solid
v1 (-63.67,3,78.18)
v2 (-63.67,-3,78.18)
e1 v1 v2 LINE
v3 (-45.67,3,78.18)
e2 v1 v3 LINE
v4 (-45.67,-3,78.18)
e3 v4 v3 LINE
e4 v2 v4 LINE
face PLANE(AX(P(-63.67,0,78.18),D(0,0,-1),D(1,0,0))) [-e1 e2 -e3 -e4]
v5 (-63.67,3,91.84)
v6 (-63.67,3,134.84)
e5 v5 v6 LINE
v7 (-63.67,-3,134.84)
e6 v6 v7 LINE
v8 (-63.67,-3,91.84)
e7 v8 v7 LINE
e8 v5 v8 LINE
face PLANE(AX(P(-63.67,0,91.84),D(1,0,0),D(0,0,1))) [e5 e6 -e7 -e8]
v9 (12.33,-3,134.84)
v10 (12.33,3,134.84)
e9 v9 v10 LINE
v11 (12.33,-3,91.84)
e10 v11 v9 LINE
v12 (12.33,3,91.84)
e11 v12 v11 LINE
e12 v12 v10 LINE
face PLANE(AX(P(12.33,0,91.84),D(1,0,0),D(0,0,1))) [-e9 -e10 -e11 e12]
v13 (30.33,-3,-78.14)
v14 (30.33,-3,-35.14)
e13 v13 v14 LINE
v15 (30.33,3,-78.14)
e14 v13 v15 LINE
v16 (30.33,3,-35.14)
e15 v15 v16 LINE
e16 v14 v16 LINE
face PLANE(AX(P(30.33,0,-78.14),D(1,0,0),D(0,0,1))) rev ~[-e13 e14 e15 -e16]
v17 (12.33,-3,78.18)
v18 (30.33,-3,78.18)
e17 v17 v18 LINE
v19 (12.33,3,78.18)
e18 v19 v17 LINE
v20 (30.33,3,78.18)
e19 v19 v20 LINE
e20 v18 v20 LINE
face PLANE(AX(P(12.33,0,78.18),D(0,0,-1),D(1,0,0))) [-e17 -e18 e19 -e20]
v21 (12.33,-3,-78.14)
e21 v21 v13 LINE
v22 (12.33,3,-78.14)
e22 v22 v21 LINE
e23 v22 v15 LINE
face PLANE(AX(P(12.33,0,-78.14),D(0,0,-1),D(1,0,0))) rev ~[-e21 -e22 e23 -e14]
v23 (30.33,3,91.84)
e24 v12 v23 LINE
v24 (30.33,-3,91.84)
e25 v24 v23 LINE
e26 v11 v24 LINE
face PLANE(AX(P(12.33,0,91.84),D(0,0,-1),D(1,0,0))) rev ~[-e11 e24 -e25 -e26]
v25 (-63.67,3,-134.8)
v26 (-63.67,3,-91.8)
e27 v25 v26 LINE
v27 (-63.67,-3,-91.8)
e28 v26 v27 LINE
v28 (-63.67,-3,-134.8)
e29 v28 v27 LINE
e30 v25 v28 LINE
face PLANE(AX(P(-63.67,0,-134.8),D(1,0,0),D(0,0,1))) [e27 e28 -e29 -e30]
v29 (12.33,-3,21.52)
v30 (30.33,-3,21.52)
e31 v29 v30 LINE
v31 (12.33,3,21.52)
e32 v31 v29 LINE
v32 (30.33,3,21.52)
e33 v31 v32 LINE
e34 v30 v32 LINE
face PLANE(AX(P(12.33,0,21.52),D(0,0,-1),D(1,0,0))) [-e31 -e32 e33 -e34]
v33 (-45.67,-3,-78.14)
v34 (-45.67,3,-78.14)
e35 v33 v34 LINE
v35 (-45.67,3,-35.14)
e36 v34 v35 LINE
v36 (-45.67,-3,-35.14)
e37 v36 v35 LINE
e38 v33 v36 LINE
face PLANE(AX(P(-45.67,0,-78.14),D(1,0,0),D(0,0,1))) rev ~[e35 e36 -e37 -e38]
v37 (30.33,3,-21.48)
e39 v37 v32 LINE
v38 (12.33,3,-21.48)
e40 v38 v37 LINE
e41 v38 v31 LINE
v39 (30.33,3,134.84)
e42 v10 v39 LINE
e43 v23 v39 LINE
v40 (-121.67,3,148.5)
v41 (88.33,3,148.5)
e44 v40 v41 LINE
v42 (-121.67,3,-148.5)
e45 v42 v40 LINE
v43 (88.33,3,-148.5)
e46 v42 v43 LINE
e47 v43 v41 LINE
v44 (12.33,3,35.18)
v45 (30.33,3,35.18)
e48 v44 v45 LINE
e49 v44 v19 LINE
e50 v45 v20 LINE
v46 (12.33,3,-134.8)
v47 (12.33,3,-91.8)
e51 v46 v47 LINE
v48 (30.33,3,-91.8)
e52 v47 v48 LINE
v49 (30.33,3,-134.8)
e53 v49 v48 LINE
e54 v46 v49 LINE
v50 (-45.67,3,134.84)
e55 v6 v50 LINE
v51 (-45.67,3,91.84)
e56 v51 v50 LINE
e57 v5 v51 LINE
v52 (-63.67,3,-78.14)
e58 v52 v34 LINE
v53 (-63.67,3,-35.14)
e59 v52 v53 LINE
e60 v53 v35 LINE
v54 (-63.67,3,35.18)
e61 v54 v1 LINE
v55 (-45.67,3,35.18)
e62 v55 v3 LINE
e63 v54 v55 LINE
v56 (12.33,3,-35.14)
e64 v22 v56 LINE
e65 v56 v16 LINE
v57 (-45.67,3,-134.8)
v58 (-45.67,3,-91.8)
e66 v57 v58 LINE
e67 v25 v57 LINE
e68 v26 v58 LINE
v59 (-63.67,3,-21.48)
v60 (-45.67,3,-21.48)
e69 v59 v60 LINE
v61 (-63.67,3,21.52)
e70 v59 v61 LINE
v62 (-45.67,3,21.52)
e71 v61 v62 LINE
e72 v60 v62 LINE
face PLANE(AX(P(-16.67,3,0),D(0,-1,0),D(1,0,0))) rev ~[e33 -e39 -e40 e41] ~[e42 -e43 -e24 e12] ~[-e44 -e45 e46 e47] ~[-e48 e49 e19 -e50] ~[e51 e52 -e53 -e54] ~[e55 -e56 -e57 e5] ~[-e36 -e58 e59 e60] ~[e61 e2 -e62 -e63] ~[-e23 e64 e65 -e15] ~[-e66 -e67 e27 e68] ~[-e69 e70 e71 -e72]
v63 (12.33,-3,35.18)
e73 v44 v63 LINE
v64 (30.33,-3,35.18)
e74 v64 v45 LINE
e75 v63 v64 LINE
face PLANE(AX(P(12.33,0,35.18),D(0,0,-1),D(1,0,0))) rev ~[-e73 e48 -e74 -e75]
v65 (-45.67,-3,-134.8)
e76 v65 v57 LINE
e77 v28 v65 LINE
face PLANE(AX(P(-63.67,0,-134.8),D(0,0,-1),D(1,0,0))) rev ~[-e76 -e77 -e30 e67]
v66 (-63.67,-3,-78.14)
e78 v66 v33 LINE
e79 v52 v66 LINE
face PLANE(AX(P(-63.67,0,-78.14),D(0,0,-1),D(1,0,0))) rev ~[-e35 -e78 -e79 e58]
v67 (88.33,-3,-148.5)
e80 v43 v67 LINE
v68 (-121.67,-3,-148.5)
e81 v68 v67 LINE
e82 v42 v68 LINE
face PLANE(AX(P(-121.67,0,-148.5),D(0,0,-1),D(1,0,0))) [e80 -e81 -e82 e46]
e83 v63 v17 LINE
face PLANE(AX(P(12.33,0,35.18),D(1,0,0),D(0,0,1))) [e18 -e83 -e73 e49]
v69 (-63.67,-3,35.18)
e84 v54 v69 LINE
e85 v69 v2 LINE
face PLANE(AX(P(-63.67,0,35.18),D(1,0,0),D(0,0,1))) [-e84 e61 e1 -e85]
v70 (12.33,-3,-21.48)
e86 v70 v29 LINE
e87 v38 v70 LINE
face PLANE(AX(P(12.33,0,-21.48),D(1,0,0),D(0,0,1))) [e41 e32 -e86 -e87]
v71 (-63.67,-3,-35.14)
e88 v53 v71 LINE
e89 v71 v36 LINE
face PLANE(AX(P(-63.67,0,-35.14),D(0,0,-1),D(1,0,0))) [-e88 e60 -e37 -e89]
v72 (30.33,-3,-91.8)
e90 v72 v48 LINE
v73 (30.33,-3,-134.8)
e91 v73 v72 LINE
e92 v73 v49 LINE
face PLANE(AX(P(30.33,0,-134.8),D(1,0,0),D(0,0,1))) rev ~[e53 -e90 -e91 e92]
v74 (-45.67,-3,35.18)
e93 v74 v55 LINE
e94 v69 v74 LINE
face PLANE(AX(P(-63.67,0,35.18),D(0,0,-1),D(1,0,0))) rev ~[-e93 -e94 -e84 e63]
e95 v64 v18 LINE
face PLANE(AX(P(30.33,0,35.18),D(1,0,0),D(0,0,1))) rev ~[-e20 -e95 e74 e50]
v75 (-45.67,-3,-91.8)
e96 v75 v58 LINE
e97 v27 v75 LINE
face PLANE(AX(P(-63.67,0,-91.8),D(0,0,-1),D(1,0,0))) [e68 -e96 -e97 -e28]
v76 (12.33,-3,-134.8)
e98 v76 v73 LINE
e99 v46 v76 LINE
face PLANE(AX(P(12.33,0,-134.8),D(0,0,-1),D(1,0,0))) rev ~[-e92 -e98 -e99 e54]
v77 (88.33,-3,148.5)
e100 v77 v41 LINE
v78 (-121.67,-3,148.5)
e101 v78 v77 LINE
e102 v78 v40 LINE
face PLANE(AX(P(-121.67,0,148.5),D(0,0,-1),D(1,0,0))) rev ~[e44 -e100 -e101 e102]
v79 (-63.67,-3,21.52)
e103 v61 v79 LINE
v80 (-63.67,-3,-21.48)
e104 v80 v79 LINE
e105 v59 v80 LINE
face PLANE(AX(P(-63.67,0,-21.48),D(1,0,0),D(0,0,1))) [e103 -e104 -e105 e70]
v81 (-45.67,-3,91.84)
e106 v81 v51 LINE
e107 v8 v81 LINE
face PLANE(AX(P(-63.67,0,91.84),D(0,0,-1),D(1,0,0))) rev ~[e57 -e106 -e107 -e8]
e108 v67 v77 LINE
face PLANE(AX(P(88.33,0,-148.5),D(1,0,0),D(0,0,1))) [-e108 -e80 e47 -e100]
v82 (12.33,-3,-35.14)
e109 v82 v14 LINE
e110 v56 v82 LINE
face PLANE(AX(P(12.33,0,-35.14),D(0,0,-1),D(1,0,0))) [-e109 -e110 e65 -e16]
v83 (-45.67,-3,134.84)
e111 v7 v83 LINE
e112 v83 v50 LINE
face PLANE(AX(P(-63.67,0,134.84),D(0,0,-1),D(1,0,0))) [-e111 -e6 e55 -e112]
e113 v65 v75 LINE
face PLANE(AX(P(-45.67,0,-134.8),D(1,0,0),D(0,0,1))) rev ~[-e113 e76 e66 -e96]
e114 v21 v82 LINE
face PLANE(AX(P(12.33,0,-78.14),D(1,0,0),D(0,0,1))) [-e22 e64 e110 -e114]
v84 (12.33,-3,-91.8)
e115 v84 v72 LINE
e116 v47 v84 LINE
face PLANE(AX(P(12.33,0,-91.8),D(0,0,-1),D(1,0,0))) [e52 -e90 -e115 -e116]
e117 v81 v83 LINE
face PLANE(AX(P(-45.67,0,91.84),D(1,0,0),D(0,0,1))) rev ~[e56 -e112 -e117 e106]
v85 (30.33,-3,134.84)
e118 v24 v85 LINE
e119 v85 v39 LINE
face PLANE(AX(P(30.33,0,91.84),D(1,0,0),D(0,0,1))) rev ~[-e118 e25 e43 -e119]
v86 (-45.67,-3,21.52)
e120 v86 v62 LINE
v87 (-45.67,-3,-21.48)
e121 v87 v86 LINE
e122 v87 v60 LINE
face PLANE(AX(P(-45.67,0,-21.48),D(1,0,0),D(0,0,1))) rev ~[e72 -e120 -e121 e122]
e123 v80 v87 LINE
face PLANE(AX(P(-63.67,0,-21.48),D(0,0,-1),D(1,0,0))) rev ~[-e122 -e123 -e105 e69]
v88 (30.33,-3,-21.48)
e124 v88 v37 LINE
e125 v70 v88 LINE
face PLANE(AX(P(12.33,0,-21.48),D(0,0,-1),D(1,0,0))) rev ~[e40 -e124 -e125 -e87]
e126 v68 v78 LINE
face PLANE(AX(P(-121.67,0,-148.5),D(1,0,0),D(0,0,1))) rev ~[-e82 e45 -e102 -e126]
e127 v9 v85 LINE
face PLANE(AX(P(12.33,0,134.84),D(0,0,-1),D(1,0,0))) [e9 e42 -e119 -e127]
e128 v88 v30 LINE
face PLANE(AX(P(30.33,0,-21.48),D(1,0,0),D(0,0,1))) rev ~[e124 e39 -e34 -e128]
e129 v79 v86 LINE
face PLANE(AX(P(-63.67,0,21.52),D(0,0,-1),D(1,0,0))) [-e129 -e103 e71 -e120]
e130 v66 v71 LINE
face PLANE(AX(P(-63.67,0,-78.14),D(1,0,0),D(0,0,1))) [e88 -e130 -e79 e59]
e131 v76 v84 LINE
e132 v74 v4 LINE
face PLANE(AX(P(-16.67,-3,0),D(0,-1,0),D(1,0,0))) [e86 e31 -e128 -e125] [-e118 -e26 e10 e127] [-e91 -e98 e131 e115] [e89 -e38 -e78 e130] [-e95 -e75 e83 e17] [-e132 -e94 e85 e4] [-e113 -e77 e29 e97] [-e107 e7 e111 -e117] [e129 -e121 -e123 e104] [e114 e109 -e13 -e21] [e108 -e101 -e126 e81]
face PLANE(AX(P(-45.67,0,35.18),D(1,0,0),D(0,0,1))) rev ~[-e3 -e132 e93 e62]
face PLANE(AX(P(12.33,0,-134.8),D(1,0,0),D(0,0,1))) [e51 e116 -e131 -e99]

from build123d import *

# Parameters (mm, degrees)
F0_W     = 210
F0_H     = 297
F0_W_2   = 18
F0_H_2   = 43
F1_DEPTH = 3


with BuildPart() as f1:
    # F0 (on Front) → F1 (new body, symmetric)
    with BuildSketch(Plane.XZ):
        with Locations((-16.67, 0)):
            Rectangle(F0_W, F0_H)
        with Locations((-54.67, -113.3)):
            Rectangle(F0_W_2, F0_H_2, mode=Mode.SUBTRACT)
        with Locations((-54.67, -56.64)):
            Rectangle(F0_W_2, F0_H_2, mode=Mode.SUBTRACT)
        with Locations((21.33, -113.3)):
            Rectangle(F0_W_2, F0_H_2, mode=Mode.SUBTRACT)
        with Locations((21.33, -56.64)):
            Rectangle(F0_W_2, F0_H_2, mode=Mode.SUBTRACT)
        with Locations((-54.67, 0.02)):
            Rectangle(F0_W_2, F0_H_2, mode=Mode.SUBTRACT)
        with Locations((-54.67, 56.68)):
            Rectangle(F0_W_2, F0_H_2, mode=Mode.SUBTRACT)
        with Locations((-54.67, 113.34)):
            Rectangle(F0_W_2, F0_H_2, mode=Mode.SUBTRACT)
        with Locations((21.33, 0.02)):
            Rectangle(F0_W_2, F0_H_2, mode=Mode.SUBTRACT)
        with Locations((21.33, 56.68)):
            Rectangle(F0_W_2, F0_H_2, mode=Mode.SUBTRACT)
        with Locations((21.33, 113.34)):
            Rectangle(F0_W_2, F0_H_2, mode=Mode.SUBTRACT)
    extrude(amount=F1_DEPTH, both=True)


solid = f1.part
